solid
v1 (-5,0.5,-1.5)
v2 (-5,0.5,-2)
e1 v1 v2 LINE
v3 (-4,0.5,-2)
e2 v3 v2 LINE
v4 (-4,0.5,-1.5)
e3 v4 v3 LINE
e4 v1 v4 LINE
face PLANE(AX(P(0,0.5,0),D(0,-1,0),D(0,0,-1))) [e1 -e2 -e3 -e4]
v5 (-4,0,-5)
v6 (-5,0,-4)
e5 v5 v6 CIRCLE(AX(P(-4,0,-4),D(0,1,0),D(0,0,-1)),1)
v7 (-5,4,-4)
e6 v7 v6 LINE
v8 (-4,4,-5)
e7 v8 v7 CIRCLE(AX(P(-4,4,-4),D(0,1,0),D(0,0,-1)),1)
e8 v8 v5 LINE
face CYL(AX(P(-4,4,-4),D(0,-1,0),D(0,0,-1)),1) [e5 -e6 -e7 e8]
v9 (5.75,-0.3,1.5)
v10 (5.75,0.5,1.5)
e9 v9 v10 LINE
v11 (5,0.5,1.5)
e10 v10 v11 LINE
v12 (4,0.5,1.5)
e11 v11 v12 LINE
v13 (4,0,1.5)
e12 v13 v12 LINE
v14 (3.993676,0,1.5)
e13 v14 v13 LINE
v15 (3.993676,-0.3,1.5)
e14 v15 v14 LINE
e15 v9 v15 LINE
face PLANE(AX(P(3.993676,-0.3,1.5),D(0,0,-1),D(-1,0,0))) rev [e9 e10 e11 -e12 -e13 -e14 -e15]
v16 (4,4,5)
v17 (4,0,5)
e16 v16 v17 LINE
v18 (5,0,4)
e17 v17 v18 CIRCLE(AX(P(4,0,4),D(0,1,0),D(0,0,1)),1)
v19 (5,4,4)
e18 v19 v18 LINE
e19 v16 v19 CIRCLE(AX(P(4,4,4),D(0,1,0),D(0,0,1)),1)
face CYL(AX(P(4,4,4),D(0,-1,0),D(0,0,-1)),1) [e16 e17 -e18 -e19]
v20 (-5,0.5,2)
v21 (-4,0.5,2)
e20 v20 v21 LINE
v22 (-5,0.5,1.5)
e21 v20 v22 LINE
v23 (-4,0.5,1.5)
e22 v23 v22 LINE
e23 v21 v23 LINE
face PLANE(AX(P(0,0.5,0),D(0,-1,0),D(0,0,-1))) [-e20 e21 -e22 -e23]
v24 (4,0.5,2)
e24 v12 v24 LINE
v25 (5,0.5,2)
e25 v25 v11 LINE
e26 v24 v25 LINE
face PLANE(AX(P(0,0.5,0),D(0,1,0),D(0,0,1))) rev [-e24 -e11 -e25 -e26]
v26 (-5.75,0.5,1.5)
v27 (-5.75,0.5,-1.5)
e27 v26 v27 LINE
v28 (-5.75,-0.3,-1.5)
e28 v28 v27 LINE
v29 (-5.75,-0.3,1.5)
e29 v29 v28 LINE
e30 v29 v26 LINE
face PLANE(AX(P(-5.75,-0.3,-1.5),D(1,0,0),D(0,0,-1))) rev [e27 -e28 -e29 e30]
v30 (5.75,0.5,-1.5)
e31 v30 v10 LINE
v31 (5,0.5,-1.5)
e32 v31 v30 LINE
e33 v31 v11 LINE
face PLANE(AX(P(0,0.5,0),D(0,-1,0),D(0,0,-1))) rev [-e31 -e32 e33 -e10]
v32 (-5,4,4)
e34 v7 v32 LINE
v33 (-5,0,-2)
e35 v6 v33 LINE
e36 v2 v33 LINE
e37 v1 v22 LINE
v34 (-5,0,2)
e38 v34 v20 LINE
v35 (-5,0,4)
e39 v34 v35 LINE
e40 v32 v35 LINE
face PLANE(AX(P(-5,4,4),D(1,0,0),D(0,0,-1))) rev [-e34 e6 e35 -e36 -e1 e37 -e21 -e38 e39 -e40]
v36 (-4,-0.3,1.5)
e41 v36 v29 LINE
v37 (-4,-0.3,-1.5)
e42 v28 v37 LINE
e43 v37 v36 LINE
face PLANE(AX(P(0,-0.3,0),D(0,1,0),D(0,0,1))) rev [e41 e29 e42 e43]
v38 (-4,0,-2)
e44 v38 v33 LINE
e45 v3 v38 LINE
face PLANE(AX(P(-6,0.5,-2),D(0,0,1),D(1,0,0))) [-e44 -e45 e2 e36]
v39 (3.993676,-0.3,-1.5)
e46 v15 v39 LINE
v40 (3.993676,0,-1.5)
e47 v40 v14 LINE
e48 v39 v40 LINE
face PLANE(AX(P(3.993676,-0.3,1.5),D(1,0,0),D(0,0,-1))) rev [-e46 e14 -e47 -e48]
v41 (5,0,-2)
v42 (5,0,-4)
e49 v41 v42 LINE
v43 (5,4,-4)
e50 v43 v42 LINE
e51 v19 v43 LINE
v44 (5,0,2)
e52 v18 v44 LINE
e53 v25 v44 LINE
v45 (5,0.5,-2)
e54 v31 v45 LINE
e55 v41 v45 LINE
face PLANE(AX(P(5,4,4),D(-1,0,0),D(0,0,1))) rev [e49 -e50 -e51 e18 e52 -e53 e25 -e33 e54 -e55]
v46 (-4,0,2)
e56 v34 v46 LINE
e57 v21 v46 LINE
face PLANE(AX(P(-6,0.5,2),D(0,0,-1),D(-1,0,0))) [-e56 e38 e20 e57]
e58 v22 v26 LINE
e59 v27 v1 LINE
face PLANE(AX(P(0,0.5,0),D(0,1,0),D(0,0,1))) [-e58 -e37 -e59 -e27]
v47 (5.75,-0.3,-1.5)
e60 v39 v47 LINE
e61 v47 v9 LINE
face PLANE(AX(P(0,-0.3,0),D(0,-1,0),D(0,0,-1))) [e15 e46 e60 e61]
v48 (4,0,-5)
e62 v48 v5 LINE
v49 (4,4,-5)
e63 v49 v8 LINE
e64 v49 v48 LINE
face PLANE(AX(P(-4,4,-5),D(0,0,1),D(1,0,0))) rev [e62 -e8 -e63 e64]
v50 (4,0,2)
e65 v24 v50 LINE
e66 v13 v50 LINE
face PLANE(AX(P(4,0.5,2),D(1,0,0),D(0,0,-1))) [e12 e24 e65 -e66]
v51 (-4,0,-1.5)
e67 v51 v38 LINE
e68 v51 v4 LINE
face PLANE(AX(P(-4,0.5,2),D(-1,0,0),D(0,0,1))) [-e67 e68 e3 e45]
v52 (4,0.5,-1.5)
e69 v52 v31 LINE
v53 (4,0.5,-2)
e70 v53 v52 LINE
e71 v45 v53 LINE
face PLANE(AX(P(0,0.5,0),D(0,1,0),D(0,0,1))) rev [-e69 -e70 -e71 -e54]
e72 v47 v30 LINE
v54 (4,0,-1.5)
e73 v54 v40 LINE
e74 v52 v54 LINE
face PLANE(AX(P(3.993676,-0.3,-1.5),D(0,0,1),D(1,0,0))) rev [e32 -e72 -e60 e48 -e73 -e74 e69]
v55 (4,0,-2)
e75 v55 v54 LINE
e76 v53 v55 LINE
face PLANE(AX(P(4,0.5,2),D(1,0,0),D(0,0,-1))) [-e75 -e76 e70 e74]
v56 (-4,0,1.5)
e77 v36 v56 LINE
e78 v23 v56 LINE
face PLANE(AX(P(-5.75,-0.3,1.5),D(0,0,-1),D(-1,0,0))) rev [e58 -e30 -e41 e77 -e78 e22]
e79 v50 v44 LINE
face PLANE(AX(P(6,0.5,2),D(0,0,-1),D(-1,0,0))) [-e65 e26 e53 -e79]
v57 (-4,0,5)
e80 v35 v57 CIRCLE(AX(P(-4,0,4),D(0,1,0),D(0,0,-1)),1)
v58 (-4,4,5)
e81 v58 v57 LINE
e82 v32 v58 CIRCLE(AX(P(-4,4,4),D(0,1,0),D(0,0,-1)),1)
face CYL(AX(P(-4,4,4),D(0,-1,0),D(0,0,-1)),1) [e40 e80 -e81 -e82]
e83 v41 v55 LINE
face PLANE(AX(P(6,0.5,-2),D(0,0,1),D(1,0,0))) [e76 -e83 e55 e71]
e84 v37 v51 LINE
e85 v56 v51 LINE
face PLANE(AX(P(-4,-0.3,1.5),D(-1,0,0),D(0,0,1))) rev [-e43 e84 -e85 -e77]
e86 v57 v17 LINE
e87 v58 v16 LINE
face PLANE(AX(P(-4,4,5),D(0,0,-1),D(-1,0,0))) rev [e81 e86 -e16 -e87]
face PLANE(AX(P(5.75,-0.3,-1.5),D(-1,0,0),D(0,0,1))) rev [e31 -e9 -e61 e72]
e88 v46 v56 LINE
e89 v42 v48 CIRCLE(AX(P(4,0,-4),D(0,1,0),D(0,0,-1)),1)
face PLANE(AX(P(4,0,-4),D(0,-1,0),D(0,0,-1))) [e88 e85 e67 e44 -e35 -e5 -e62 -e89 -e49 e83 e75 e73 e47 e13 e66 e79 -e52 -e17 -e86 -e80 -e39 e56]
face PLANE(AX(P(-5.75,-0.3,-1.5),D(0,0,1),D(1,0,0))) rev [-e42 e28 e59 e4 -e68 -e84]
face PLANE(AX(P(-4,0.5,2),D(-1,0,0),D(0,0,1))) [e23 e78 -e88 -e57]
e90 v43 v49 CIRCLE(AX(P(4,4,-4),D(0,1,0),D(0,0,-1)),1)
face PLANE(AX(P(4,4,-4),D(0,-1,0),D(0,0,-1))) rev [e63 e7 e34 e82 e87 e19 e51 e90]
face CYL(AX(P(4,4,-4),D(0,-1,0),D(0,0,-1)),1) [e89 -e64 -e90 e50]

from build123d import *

# Parameters (mm, degrees)
BOSS_EXTRUDE1_DEPTH = 4
SKETCH2_W           = 2
SKETCH2_H           = 4
CUT_EXTRUDE1_DEPTH  = 0.5
SKETCH3_W           = 1.75
SKETCH3_H           = 3
SKETCH3_W_2         = 1.75632414
BOSS_EXTRUDE2_DEPTH = 0.8


with BuildPart() as part:
    # Sketch1 → Boss-Extrude1 (new body)
    with BuildSketch(Plane(origin=(0, 0, 0), x_dir=(1, 0, 0), z_dir=(0, 1, 0))):
        with BuildLine():
            Line((-4, -5), (4, -5))
            ThreePointArc((4, -5), (4.707106781, -4.707106781), (5, -4))
            Line((5, -4), (5, 4))
            ThreePointArc((5, 4), (4.707106781, 4.707106781), (4, 5))
            Line((4, 5), (-4, 5))
            ThreePointArc((-4, 5), (-4.707106781, 4.707106781), (-5, 4))
            Line((-5, 4), (-5, -4))
            ThreePointArc((-5, -4), (-4.707106781, -4.707106781), (-4, -5))
        make_face()
    extrude(amount=BOSS_EXTRUDE1_DEPTH)

    # Sketch2 → Cut-Extrude1 (cut)
    with BuildSketch(Plane(origin=(0, 0, 0), x_dir=(1, 0, 0), z_dir=(0, 1, 0))):
        with Locations((-5, 0)):
            Rectangle(SKETCH2_W, SKETCH2_H)
        with Locations((5, 0)):
            Rectangle(SKETCH2_W, SKETCH2_H)
    extrude(amount=CUT_EXTRUDE1_DEPTH, mode=Mode.SUBTRACT)

    # Sketch3 → Boss-Extrude2 (add)
    with BuildSketch(Plane.XZ.offset(-0.5)):
        with Locations((-4.875, 0)):
            Rectangle(SKETCH3_W, SKETCH3_H)
        with Locations((4.87183793, 0)):
            Rectangle(SKETCH3_W_2, SKETCH3_H)
    extrude(amount=BOSS_EXTRUDE2_DEPTH)


solid = part.part
